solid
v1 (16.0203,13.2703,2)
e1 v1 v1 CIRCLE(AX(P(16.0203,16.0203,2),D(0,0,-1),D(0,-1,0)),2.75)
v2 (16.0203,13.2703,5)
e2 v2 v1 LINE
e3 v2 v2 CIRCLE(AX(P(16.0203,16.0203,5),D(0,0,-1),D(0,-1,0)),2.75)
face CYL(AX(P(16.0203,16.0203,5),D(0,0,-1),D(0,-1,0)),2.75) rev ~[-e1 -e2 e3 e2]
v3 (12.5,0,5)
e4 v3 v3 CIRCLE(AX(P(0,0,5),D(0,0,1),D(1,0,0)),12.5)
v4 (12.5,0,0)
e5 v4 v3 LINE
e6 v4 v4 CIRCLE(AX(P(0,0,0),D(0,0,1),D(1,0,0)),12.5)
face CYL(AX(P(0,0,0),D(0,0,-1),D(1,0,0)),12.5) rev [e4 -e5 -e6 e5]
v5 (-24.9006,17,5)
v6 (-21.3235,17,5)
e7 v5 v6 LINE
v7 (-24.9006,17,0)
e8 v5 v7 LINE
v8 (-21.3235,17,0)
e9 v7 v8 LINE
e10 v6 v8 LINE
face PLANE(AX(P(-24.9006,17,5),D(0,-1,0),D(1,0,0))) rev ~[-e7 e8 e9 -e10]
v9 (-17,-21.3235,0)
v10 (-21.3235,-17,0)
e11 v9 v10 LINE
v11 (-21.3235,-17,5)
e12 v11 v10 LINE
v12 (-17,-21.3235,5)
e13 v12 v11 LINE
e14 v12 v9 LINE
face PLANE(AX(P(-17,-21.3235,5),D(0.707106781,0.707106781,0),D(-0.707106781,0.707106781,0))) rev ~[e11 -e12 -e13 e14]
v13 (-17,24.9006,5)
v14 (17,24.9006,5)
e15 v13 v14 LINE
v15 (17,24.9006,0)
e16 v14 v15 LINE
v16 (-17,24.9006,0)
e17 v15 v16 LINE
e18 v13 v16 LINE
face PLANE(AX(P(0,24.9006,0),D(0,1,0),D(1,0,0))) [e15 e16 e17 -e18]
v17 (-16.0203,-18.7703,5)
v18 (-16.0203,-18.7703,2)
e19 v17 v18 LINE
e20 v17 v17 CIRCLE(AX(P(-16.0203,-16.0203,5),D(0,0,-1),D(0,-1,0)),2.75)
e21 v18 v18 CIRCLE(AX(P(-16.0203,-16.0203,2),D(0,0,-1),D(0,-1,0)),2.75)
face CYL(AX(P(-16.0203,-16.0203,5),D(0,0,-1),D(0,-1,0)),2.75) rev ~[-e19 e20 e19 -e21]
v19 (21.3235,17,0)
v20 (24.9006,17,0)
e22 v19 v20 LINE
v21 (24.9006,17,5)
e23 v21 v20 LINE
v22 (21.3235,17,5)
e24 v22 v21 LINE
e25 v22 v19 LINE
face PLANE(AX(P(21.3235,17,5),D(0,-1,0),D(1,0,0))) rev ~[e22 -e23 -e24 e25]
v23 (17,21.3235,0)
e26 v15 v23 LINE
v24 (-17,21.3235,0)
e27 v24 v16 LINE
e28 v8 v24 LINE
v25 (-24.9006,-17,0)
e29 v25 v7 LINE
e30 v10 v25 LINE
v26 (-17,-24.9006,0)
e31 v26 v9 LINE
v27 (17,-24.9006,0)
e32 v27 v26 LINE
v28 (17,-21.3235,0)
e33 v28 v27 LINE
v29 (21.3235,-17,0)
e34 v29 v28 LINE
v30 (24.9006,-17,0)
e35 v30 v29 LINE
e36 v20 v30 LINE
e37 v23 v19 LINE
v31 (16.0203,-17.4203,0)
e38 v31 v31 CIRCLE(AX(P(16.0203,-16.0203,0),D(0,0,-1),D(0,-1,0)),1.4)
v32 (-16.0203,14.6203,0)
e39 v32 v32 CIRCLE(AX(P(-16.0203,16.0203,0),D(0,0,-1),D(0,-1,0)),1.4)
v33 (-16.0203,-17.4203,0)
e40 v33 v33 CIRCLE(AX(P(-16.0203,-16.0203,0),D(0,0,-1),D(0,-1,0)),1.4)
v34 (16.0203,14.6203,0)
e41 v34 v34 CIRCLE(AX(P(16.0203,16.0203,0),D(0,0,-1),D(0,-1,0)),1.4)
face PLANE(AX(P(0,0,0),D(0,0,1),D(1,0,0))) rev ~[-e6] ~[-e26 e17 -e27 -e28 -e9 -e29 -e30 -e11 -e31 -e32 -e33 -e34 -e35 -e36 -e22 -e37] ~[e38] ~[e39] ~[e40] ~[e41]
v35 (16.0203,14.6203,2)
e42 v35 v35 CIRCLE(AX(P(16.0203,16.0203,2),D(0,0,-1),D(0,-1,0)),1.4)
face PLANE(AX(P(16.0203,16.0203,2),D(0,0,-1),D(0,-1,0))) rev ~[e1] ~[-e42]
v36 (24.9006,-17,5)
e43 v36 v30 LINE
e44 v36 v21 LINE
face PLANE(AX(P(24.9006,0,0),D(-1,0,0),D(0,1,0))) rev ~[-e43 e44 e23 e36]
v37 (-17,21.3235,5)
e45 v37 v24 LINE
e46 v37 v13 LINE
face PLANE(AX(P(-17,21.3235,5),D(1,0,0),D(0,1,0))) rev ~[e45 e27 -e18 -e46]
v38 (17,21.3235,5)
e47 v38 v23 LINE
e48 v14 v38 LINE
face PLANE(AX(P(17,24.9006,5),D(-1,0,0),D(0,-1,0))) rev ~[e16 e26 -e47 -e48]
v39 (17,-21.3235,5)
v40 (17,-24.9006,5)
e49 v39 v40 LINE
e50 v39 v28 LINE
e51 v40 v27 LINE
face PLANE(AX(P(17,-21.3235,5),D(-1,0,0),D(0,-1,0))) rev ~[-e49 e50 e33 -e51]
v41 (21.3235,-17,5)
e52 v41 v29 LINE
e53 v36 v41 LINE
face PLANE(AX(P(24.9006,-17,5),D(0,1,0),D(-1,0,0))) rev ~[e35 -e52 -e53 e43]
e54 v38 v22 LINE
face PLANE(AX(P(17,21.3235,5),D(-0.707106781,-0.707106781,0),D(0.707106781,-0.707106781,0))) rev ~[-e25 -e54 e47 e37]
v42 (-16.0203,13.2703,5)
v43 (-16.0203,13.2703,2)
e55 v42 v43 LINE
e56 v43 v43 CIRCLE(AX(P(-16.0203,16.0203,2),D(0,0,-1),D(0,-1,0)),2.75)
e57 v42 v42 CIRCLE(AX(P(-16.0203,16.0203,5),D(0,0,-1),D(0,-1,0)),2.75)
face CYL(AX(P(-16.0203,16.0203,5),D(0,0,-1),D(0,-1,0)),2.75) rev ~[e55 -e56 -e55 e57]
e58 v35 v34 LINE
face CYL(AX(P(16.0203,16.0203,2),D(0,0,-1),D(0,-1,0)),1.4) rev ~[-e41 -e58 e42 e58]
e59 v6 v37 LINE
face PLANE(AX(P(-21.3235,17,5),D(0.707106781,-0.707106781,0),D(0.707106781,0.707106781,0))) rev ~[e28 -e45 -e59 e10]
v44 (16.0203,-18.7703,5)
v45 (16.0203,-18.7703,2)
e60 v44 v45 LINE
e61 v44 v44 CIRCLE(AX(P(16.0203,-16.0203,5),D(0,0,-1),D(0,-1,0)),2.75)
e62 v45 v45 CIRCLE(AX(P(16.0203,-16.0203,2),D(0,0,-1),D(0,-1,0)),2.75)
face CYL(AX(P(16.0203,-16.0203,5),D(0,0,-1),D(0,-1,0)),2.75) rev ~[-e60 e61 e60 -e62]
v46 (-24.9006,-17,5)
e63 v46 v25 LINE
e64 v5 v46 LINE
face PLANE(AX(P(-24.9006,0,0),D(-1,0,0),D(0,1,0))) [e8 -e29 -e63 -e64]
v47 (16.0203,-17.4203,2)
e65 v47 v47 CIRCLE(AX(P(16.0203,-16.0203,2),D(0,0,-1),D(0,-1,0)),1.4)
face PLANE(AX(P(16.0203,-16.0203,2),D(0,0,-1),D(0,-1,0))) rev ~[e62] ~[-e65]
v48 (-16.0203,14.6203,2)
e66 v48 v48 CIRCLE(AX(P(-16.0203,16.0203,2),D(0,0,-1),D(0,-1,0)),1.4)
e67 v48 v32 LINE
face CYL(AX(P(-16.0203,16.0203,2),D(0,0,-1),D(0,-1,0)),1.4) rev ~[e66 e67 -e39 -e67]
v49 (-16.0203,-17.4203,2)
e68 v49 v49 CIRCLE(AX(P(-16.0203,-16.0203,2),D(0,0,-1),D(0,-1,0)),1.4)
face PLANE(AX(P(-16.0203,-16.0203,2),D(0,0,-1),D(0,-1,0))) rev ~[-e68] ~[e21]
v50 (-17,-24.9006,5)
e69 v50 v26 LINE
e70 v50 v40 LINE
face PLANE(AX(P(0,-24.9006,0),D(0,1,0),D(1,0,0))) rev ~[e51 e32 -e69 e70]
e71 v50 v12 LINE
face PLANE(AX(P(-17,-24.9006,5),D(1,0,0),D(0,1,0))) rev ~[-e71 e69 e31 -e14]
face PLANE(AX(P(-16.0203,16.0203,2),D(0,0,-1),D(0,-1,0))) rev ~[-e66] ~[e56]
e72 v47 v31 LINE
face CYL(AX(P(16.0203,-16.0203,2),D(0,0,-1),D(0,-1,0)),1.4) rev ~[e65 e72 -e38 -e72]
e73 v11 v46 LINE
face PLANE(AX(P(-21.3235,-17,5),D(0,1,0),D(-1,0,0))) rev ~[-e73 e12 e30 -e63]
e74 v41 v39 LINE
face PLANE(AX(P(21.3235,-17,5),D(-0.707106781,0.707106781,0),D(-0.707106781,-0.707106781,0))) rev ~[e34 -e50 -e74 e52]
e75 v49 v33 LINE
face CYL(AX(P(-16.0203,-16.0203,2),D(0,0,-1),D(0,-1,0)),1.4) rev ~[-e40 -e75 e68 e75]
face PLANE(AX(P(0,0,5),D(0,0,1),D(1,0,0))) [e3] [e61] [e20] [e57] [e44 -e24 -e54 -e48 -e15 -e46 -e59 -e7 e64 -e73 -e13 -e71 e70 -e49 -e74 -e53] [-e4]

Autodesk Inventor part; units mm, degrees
ref_plane "YZ Plane" through (0, 0, 0) normal (1, 0, 0) x (0, 1, 0)
ref_plane "XZ Plane" through (0, 0, 0) normal (0, 1, 0) x (-1, 0, 0)
ref_plane "XY Plane" through (0, 0, 0) normal (0, 0, 1) x (1, 0, 0)
sketch "Sketch1" plane through (0, 0, 0) normal (0, 0, 1) x (1, 0, 0)
  line L0 (-39.3843, 0) -> (62.0012, 0) construction
  line L1 (0, -36.6008) -> (0, 45.3001) construction
  line L2 (0, 0) -> (33.6, 33.6) construction
  line L3 (0, 0) -> (47.5176, 0) construction
  line L4 (0, 24.9006) -> (16.8, 24.9006)
  line L5 (16.8, 24.9006) -> (16.8, 21.2406)
  line L6 (16.8, 21.2406) -> (19.0203, 19.0203)
  line L7 (24.9006, 0) -> (24.9006, 16.8)
  line L8 (24.9006, 16.8) -> (21.2406, 16.8)
  line L9 (21.2406, 16.8) -> (19.0203, 19.0203)
  line L10 (0, 24.9006) -> (-16.8, 24.9006)
  line L11 (-16.8, 24.9006) -> (-16.8, 21.2406)
  line L12 (-16.8, 21.2406) -> (-19.0203, 19.0203)
  line L13 (-24.9006, 0) -> (-24.9006, 16.8)
  line L14 (-24.9006, 16.8) -> (-21.2406, 16.8)
  line L15 (-21.2406, 16.8) -> (-19.0203, 19.0203)
  line L16 (0, -24.9006) -> (16.8, -24.9006)
  line L17 (16.8, -24.9006) -> (16.8, -21.2406)
  line L18 (16.8, -21.2406) -> (19.0203, -19.0203)
  line L19 (24.9006, 0) -> (24.9006, -16.8)
  line L20 (24.9006, -16.8) -> (21.2406, -16.8)
  line L21 (21.2406, -16.8) -> (19.0203, -19.0203)
  line L22 (0, -24.9006) -> (-16.8, -24.9006)
  line L23 (-16.8, -24.9006) -> (-16.8, -21.2406)
  line L24 (-16.8, -21.2406) -> (-19.0203, -19.0203)
  line L25 (-24.9006, 0) -> (-24.9006, -16.8)
  line L26 (-24.9006, -16.8) -> (-21.2406, -16.8)
  line L27 (-21.2406, -16.8) -> (-19.0203, -19.0203)
  circle A0 centre (0, 0) radius 12.5
  dimension "d0" = 45
  dimension "d1" = 16.8
  dimension "d2" = 3.66
  dimension "d3" = 3.14
  dimension "d4" = 25
extrude "Extrusion1" add sketch "Sketch1" along normal blind 5
sketch "Sketch2" plane through (0, 0, 5) normal (0, 0, 1) x (1, 0, 0)
  circle A0 centre (0, 0) radius 12.5 construction
  line L0 (16.8, 24.9006) -> (-16.8, 24.9006) construction
  line L1 (-16.8, 24.9006) -> (-16.8, 21.2406) construction
  line L2 (-16.8, 21.2406) -> (-21.2406, 16.8) construction
  line L3 (-21.2406, 16.8) -> (-24.9006, 16.8) construction
  line L4 (-24.9006, 16.8) -> (-24.9006, -16.8) construction
  line L5 (-24.9006, -16.8) -> (-21.2406, -16.8) construction
  line L6 (-21.2406, -16.8) -> (-16.8, -21.2406) construction
  line L7 (-16.8, -21.2406) -> (-16.8, -24.9006) construction
  line L8 (-16.8, -24.9006) -> (16.8, -24.9006) construction
  line L9 (16.8, -24.9006) -> (16.8, -21.2406) construction
  line L10 (16.8, -21.2406) -> (21.2406, -16.8) construction
  line L11 (21.2406, -16.8) -> (24.9006, -16.8) construction
  line L12 (24.9006, -16.8) -> (24.9006, 16.8) construction
  line L13 (24.9006, 16.8) -> (21.2406, 16.8) construction
  line L14 (21.2406, 16.8) -> (16.8, 21.2406) construction
  line L15 (16.8, 21.2406) -> (16.8, 24.9006) construction
  circle A1 centre (16.0203, -16.0203) radius 2.1846 construction
  circle A2 centre (-16.0203, -16.0203) radius 2.1846 construction
  circle A3 centre (-16.0203, 16.0203) radius 2.1846 construction
  circle A4 centre (16.0203, 16.0203) radius 2.1846 construction
  circle A5 centre (0, 0) radius 14 construction
  line L16 (-19.0203, 17.0203) -> (-19.0203, -17.0203) construction
  arc A6 (-17.0203, 19.0203) -> (-19.0203, 17.0203) centre (-17.0203, 17.0203) ccw construction
  line L17 (17.0203, 19.0203) -> (-17.0203, 19.0203) construction
  arc A7 (19.0203, 17.0203) -> (17.0203, 19.0203) centre (17.0203, 17.0203) ccw construction
  line L18 (19.0203, -17.0203) -> (19.0203, 17.0203) construction
  arc A8 (17.0203, -19.0203) -> (19.0203, -17.0203) centre (17.0203, -17.0203) ccw construction
  line L19 (-17.0203, -19.0203) -> (17.0203, -19.0203) construction
  arc A9 (-19.0203, -17.0203) -> (-17.0203, -19.0203) centre (-17.0203, -17.0203) ccw construction
hole "Hole1" at (-16.0203, 16.0203, 5) at (16.0203, 16.0203, 5) at (16.0203, -16.0203, 5) at (-16.0203, -16.0203, 5) direction (0, 0, -1) diameter 2.8 end through all counterbore diameter 5.5 counterbore depth 3
sketch "Skizze3" plane through (0, 0, 5) normal (0, 0, 1) x (1, 0, 0)
  circle A0 centre (16.0203, -16.0203) radius 2.75 construction
  circle A1 centre (-16.0203, 16.0203) radius 2.75 construction
  circle A2 centre (16.0203, 16.0203) radius 2.75 construction
  circle A3 centre (-16.0203, -16.0203) radius 2.75 construction
  circle A4 centre (0, 0) radius 12.5 construction
  line L0 (16.8, 24.9006) -> (-16.8, 24.9006) construction
  line L1 (-16.8, 24.9006) -> (-16.8, 21.2406) projected
  line L2 (-16.8, 21.2406) -> (-21.2406, 16.8) projected
  line L3 (-21.2406, 16.8) -> (-24.9006, 16.8) projected
  line L4 (-24.9006, 16.8) -> (-24.9006, -16.8) construction
  line L5 (-24.9006, -16.8) -> (-21.2406, -16.8) projected
  line L6 (-21.2406, -16.8) -> (-16.8, -21.2406) projected
  line L7 (-16.8, -21.2406) -> (-16.8, -24.9006) projected
  line L8 (-16.8, -24.9006) -> (16.8, -24.9006) construction
  line L9 (16.8, -24.9006) -> (16.8, -21.2406) projected
  line L10 (16.8, -21.2406) -> (21.2406, -16.8) projected
  line L11 (21.2406, -16.8) -> (24.9006, -16.8) projected
  line L12 (24.9006, -16.8) -> (24.9006, 16.8) construction
  line L13 (24.9006, 16.8) -> (21.2406, 16.8) projected
  line L14 (21.2406, 16.8) -> (16.8, 21.2406) projected
  line L15 (16.8, 21.2406) -> (16.8, 24.9006) projected
  line L16 (-17, 25.1006) -> (17, 25.1006) construction
  line L17 (17, 25.1006) -> (17, 21.3235)
  line L18 (17, 21.3235) -> (21.3235, 17)
  line L19 (21.3235, 17) -> (25.1006, 17)
  line L20 (25.1006, 17) -> (25.1006, -17) construction
  line L21 (25.1006, -17) -> (21.3235, -17)
  line L22 (21.3235, -17) -> (17, -21.3235)
  line L23 (17, -21.3235) -> (17, -25.1006)
  line L24 (17, -25.1006) -> (-17, -25.1006) construction
  line L25 (-17, -25.1006) -> (-17, -21.3235)
  line L26 (-17, -21.3235) -> (-21.3235, -17)
  line L27 (-21.3235, -17) -> (-25.1006, -17)
  line L28 (-25.1006, -17) -> (-25.1006, 17) construction
  line L29 (-25.1006, 17) -> (-21.3235, 17)
  line L30 (-21.3235, 17) -> (-17, 21.3235)
  line L31 (-17, 21.3235) -> (-17, 25.1006)
  line L32 (-24.9006, 16.8) -> (-24.9006, 17)
  line L33 (-16.8, 24.9006) -> (-17, 24.9006)
  line L34 (16.8, 24.9006) -> (17, 24.9006)
  line L35 (24.9006, 16.8) -> (24.9006, 17)
  line L36 (24.9006, -16.8) -> (24.9006, -17)
  line L37 (16.8, -24.9006) -> (16.8, -21.2406) projected
  line L38 (16.8, -24.9006) -> (17, -24.9006)
  line L39 (-16.8, -24.9006) -> (-17, -24.9006)
  line L40 (-24.9006, -16.8) -> (-24.9006, -17)
  dimension "d14" = 0.2
extrude "IM_offset" add sketch "Skizze3" against normal up to surface (5 mm away)
properties part number "20_Cube_insert_Sample_holder_magnetic_v3"
